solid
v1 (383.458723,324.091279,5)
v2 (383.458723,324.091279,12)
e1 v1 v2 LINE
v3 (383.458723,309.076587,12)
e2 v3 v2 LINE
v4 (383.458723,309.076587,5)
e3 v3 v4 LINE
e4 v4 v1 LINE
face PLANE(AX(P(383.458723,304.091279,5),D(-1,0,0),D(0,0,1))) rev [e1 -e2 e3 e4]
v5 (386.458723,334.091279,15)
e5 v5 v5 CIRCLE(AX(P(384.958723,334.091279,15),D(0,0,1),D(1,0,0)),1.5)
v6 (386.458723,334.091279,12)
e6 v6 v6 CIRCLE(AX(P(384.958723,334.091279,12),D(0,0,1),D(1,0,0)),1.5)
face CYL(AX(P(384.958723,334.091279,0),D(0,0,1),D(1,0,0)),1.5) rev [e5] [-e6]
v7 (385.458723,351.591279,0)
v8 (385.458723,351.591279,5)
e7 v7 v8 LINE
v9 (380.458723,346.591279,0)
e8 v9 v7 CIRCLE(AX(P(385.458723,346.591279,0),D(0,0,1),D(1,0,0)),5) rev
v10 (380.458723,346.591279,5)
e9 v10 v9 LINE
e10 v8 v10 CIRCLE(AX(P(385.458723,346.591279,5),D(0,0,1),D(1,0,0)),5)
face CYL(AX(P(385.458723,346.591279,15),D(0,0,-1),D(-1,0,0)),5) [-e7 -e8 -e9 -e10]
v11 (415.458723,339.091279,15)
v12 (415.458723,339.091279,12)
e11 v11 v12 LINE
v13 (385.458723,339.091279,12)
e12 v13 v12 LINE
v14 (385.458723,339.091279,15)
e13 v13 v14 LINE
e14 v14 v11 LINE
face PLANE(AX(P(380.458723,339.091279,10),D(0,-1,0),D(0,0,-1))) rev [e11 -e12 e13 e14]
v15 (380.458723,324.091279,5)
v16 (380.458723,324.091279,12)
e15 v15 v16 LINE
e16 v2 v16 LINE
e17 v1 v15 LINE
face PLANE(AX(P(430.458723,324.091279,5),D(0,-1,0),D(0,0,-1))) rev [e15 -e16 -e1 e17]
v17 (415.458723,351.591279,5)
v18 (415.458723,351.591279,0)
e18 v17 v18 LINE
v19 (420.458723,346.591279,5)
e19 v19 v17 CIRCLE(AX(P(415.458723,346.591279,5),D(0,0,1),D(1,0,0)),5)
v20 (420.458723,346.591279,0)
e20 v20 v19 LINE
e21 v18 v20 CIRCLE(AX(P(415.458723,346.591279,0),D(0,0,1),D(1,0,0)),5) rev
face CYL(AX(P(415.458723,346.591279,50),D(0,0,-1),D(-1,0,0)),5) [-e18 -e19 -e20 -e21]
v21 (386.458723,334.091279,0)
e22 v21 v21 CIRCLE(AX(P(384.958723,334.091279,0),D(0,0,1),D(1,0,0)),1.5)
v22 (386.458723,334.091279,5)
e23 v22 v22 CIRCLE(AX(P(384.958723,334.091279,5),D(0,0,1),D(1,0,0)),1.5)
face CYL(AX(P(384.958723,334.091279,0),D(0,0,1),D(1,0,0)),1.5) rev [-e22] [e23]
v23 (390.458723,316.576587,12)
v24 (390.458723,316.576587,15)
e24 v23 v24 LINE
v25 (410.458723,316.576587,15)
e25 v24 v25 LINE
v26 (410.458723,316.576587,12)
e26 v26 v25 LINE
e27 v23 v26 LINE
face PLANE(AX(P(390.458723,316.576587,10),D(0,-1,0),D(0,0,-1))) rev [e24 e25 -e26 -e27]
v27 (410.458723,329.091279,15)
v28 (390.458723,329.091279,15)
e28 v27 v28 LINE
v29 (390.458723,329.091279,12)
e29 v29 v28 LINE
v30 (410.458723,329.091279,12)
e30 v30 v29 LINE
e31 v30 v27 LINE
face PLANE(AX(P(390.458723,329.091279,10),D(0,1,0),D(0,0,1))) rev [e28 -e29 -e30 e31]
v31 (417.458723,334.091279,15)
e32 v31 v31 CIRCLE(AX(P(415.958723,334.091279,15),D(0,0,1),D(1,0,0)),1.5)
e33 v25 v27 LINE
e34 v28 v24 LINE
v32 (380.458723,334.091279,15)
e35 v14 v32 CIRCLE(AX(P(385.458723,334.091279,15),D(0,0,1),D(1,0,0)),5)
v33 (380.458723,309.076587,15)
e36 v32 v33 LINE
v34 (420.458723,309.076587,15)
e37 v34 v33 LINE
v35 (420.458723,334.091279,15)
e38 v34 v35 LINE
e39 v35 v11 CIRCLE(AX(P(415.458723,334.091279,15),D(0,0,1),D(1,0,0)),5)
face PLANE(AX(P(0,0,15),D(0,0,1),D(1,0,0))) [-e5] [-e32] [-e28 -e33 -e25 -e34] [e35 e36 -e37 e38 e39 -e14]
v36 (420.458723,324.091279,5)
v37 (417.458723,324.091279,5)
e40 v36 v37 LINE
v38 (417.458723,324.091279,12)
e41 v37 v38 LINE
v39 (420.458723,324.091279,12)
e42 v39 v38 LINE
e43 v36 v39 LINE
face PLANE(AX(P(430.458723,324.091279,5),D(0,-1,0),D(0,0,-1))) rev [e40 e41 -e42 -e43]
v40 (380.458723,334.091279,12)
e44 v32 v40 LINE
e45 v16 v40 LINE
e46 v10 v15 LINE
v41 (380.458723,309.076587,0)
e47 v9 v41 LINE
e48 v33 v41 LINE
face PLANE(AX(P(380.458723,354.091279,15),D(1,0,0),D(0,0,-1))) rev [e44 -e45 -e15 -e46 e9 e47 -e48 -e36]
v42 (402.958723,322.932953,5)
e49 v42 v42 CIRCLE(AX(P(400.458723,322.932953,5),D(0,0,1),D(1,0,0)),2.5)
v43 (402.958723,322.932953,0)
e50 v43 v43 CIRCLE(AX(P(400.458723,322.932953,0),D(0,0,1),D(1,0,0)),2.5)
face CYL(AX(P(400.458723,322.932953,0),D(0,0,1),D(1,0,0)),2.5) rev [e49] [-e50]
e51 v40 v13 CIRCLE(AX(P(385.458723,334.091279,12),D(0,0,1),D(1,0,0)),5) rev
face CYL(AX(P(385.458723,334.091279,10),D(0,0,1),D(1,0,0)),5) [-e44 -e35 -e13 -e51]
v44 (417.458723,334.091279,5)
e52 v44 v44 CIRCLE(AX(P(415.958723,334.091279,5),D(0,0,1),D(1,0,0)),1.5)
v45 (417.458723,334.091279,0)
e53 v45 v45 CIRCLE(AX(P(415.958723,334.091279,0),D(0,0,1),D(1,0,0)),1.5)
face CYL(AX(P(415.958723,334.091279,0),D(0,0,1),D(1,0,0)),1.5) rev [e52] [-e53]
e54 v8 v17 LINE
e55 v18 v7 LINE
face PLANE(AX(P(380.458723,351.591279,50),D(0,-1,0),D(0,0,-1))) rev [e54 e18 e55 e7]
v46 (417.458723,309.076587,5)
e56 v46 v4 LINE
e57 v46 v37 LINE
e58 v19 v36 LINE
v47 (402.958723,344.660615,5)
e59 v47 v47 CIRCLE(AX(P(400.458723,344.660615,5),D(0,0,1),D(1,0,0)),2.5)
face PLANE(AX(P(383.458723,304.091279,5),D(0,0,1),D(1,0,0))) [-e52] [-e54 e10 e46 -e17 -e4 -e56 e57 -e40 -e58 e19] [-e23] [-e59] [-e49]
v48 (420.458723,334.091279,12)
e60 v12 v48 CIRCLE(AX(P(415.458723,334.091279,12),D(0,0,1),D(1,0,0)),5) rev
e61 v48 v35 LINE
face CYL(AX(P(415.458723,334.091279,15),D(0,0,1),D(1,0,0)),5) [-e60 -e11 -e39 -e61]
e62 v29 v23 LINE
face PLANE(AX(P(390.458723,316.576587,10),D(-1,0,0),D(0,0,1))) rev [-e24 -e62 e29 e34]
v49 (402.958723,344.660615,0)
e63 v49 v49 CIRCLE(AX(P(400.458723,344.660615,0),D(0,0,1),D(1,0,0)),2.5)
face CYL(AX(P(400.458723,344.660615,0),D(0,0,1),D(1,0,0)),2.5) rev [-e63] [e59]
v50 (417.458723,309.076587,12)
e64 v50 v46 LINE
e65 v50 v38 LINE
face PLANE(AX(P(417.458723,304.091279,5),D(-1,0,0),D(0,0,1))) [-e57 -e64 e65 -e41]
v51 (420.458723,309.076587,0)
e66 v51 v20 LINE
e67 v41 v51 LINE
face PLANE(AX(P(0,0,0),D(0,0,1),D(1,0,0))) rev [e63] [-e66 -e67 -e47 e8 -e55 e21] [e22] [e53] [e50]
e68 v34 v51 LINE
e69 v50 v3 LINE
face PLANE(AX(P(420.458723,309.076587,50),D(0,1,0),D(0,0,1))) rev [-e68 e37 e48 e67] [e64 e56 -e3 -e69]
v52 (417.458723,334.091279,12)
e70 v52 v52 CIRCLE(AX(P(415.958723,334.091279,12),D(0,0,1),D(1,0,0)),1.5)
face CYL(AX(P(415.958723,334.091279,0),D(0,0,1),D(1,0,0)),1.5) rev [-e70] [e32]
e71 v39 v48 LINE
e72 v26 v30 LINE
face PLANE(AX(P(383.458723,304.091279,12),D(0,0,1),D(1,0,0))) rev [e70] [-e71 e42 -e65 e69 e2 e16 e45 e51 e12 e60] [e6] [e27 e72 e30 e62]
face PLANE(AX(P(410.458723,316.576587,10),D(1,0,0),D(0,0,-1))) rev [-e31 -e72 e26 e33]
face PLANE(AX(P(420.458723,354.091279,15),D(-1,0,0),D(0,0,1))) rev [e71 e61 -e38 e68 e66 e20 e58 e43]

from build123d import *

# Parameters (mm, degrees)
SKETCH1_W           = 40
SKETCH1_H           = 50
BOSS_EXTRUDE2_DEPTH = 15
SKETCH2_W           = 34
SKETCH2_H           = 7
CUT_EXTRUDE1_DEPTH  = 50
SKETCH3_W           = 7
SKETCH3_H           = 30
CUT_EXTRUDE2_DEPTH  = 50
SKETCH6_W           = 40
SKETCH6_H           = 2.5
SKETCH6_H_2         = 4.98530806
CUT_EXTRUDE4_DEPTH  = 50
SKETCH7_W           = 40
SKETCH7_H           = 12.5
CUT_EXTRUDE5_DEPTH  = 5
SKETCH8_W           = 20
SKETCH8_H           = 12.51469194
CUT_EXTRUDE7_DEPTH  = 5
SKETCH11_R          = 2.5
CUT_EXTRUDE10_DEPTH = 5
SKETCH12_R          = 1.5
CUT_EXTRUDE11_DEPTH = 15
FILLET2_R           = 5
FILLET3_R           = 5


with BuildPart() as part:
    # Sketch1 → Boss-Extrude2 (new body)
    with BuildSketch(Plane.XY):
        with Locations((400.458722726, 329.091279026)):
            Rectangle(SKETCH1_W, SKETCH1_H)
    extrude(amount=BOSS_EXTRUDE2_DEPTH)

    # Sketch2 → Cut-Extrude1 (cut)
    with BuildSketch(Plane(origin=(0, 354.091279026, 0), x_dir=(1, 0, 0), z_dir=(0, 1, 0))):
        with Locations((400.458722726, -8.5)):
            Rectangle(SKETCH2_W, SKETCH2_H)
    extrude(amount=-CUT_EXTRUDE1_DEPTH, mode=Mode.SUBTRACT)

    # Sketch3 → Cut-Extrude2 (cut)
    with BuildSketch(Plane.ZY.offset(-380.458722726)):
        with Locations((8.5, 339.091279026)):
            Rectangle(SKETCH3_W, SKETCH3_H)
    extrude(amount=-CUT_EXTRUDE2_DEPTH, mode=Mode.SUBTRACT)

    # Sketch6 → Cut-Extrude4 (cut)
    with BuildSketch(Plane(origin=(0, 0, 0), x_dir=(-1, 0, 0), z_dir=(0, 0, -1))):
        with Locations((-400.458722726, 352.841279026)):
            Rectangle(SKETCH6_W, SKETCH6_H)
        with Locations((-400.458722726, 306.583933056)):
            Rectangle(SKETCH6_W, SKETCH6_H_2)
    extrude(amount=-CUT_EXTRUDE4_DEPTH, mode=Mode.SUBTRACT)

    # Sketch7 → Cut-Extrude5 (cut)
    with BuildSketch(Plane.XY.offset(15)):
        with Locations((400.458722726, 345.341279026)):
            Rectangle(SKETCH7_W, SKETCH7_H)
    extrude(amount=-CUT_EXTRUDE5_DEPTH, mode=Mode.SUBTRACT)

    # Sketch8 → Cut-Extrude7 (cut)
    with BuildSketch(Plane.XY.offset(15)):
        with Locations((400.458722726, 322.833933056)):
            Rectangle(SKETCH8_W, SKETCH8_H)
    extrude(amount=-CUT_EXTRUDE7_DEPTH, mode=Mode.SUBTRACT)

    # Sketch11 → Cut-Extrude10 (cut)
    with BuildSketch(Plane.XY.offset(5)):
        with Locations((400.458722726, 344.660615353)):
            Circle(SKETCH11_R)
        with Locations((400.458722726, 322.932953385)):
            Circle(SKETCH11_R)
    extrude(amount=-CUT_EXTRUDE10_DEPTH, mode=Mode.SUBTRACT)

    # Sketch12 → Cut-Extrude11 (cut)
    with BuildSketch(Plane.XY.offset(15)):
        with Locations((415.958722726, 334.091279026)):
            Circle(SKETCH12_R)
        with Locations((384.958722726, 334.091279026)):
            Circle(SKETCH12_R)
    extrude(amount=-CUT_EXTRUDE11_DEPTH, mode=Mode.SUBTRACT)

    # Fillet2
    fillet2_edges = [part.edges().sort_by_distance(p)[0] for p in [
        (380.458722726, 339.091279026, 13.5),
    ]]
    fillet(fillet2_edges, radius=FILLET2_R)

    # Fillet3
    fillet3_edges = [part.edges().sort_by_distance(p)[0] for p in [
        (420.458722726, 339.091279026, 13.5),
        (380.458722726, 351.591279026, 2.5),
        (420.458722726, 351.591279026, 2.5),
    ]]
    fillet(fillet3_edges, radius=FILLET3_R)


solid = part.part
